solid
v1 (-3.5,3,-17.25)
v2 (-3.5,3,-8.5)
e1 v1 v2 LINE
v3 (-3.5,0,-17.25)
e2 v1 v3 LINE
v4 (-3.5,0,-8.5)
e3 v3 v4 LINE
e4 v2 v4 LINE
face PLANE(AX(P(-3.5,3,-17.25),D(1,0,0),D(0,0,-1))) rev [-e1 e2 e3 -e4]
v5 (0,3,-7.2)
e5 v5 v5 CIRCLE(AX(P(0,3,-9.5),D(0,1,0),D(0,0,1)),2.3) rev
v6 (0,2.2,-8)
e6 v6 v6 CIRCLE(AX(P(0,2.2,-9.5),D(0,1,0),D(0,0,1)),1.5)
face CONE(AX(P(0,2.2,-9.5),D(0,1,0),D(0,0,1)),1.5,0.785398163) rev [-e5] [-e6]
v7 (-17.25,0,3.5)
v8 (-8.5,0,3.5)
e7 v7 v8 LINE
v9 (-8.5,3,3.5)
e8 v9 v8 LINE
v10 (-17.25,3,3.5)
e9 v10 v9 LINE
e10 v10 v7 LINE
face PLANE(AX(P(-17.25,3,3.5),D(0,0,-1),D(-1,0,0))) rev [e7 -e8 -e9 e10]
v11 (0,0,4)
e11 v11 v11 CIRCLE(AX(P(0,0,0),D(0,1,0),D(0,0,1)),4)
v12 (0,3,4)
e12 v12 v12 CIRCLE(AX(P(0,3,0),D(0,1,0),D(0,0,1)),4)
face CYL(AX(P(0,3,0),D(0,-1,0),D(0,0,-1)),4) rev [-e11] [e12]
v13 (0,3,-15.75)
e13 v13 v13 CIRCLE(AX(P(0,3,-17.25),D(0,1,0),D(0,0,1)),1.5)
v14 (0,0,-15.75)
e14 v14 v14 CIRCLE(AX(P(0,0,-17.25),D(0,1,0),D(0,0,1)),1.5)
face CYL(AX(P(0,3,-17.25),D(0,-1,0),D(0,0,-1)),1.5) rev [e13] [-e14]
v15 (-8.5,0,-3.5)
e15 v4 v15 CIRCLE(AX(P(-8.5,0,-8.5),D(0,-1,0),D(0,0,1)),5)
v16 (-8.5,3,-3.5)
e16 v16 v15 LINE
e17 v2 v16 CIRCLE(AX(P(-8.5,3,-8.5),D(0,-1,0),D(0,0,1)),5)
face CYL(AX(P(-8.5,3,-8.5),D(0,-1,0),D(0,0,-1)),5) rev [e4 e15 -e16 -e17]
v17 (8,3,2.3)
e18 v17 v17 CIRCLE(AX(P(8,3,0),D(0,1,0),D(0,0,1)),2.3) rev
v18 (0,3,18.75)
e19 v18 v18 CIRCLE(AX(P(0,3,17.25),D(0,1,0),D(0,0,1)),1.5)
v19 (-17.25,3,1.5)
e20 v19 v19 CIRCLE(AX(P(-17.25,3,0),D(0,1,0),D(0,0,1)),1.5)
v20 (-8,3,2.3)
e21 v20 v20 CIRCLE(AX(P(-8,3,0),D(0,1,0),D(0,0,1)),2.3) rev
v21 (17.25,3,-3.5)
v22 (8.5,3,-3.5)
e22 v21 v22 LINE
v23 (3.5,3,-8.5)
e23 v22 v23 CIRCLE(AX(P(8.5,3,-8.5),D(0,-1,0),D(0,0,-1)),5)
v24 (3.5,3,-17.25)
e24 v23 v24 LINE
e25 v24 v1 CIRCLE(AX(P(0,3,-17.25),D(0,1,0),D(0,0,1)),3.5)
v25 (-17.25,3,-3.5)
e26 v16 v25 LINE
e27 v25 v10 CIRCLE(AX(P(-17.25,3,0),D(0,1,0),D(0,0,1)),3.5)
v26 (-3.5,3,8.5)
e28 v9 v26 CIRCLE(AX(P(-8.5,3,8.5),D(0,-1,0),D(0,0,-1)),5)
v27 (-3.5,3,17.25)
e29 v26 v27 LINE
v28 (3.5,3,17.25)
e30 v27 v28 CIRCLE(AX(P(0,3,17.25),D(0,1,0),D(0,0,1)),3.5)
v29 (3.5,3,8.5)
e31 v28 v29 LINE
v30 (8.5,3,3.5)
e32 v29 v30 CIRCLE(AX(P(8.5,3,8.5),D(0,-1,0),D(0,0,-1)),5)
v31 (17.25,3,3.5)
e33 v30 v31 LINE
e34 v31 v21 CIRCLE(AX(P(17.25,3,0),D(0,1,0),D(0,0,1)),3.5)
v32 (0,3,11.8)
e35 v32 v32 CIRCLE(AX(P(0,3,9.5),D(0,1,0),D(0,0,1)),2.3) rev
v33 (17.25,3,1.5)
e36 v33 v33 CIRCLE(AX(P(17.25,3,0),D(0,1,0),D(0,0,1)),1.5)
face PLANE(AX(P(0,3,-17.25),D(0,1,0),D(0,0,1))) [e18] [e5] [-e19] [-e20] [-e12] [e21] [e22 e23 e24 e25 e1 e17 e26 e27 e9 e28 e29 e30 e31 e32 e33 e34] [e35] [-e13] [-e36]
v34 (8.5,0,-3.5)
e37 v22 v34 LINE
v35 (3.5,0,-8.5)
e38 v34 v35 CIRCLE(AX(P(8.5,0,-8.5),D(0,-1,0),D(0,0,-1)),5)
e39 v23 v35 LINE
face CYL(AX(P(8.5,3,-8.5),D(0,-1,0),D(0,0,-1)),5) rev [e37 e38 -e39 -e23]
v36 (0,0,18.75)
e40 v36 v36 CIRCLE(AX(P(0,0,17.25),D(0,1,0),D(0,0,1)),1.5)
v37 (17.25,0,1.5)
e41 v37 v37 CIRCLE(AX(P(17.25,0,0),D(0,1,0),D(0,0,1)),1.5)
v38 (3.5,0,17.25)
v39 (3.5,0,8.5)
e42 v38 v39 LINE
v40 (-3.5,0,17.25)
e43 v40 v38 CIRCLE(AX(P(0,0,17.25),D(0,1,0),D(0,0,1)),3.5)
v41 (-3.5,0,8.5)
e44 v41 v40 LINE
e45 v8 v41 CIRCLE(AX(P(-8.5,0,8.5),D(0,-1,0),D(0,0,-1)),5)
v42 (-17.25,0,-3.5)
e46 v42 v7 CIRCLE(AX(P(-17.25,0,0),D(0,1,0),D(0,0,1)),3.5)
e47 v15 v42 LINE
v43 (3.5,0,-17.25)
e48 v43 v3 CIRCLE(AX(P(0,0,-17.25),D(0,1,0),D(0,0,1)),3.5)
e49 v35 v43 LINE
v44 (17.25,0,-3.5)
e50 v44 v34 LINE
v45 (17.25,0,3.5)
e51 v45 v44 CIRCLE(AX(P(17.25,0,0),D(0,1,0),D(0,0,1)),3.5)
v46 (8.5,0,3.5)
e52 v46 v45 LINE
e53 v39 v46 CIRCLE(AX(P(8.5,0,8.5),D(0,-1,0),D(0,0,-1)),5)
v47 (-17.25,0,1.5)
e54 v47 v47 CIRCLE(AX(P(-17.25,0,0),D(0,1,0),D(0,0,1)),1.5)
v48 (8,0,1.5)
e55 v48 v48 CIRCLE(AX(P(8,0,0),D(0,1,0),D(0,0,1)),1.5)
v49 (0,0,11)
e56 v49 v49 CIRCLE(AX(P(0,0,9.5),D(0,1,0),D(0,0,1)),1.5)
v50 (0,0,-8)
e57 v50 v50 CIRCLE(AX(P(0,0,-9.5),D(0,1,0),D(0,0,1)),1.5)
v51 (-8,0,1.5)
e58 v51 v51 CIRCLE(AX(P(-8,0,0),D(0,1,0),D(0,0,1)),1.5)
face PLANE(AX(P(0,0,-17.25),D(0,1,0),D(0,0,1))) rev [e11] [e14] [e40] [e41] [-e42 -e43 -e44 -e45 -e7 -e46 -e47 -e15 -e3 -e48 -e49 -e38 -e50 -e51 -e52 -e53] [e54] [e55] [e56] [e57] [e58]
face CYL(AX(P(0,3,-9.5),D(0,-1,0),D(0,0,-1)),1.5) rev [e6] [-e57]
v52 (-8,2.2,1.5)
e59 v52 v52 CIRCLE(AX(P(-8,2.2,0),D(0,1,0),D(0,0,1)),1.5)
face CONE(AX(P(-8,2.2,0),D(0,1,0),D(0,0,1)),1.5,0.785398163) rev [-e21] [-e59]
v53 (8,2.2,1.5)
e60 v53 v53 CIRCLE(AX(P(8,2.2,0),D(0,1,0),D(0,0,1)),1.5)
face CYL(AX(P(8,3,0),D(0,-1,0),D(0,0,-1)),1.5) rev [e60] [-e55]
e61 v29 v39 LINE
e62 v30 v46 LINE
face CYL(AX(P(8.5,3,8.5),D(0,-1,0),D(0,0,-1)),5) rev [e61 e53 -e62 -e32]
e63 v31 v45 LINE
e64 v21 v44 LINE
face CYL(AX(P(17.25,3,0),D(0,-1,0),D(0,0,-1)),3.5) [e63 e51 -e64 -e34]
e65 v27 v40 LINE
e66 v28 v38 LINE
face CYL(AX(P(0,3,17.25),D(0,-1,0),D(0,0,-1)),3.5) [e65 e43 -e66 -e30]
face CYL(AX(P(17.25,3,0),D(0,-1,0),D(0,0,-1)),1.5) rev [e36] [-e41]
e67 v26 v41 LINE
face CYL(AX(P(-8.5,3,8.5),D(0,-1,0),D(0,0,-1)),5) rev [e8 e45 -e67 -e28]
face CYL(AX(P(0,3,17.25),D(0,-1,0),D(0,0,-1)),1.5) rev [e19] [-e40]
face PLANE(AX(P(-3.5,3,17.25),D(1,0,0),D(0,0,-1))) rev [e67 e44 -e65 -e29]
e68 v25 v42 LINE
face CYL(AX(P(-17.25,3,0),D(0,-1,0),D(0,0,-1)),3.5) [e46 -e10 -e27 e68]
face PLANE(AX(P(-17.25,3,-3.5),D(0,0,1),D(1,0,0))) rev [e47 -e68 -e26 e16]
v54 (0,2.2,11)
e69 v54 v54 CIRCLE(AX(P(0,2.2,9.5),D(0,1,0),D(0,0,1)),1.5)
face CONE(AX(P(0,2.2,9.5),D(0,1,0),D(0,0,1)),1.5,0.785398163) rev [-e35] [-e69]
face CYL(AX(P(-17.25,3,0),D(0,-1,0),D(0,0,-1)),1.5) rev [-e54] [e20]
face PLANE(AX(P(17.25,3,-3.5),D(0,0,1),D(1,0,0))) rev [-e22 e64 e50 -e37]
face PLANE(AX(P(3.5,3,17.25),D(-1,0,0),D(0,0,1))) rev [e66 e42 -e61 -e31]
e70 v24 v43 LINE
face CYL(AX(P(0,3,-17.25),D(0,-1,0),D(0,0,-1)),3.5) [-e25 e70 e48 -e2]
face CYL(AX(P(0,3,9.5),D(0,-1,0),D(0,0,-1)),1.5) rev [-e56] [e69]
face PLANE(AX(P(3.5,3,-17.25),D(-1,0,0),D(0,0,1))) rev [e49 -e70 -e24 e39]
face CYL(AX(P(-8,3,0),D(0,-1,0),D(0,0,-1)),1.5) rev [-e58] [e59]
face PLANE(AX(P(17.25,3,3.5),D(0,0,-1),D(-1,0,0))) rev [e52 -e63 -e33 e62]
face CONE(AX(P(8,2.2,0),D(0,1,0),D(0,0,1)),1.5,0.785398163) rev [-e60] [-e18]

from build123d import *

# Parameters (mm, degrees)
SKETCH1_R           = 4
SKETCH1_R_2         = 1.5
BOSS_EXTRUDE1_DEPTH = 3
CHAMFER1_SIZE       = 0.8


with BuildPart() as part:
    # Sketch1 → Boss-Extrude1 (new body)
    with BuildSketch(Plane(origin=(0, 0, 0), x_dir=(1, 0, 0), z_dir=(0, 1, 0))):
        with BuildLine():
            Line((-3.5, 17.25), (-3.5, 8.5))
            ThreePointArc((-3.5, 8.5), (-4.964466094, 4.964466094), (-8.5, 3.5))
            Line((-8.5, 3.5), (-17.25, 3.5))
            ThreePointArc((-17.25, 3.5), (-20.75, 0), (-17.25, -3.5))
            Line((-17.25, -3.5), (-8.5, -3.5))
            ThreePointArc((-8.5, -3.5), (-4.964466094, -4.964466094), (-3.5, -8.5))
            Line((-3.5, -8.5), (-3.5, -17.25))
            ThreePointArc((-3.5, -17.25), (0, -20.75), (3.5, -17.25))
            Line((3.5, -17.25), (3.5, -8.5))
            ThreePointArc((3.5, -8.5), (4.964466094, -4.964466094), (8.5, -3.5))
            Line((8.5, -3.5), (17.25, -3.5))
            ThreePointArc((17.25, -3.5), (20.75, 0), (17.25, 3.5))
            Line((17.25, 3.5), (8.5, 3.5))
            ThreePointArc((8.5, 3.5), (4.964466094, 4.964466094), (3.5, 8.5))
            Line((3.5, 8.5), (3.5, 17.25))
            ThreePointArc((3.5, 17.25), (0, 20.75), (-3.5, 17.25))
        make_face()
        Circle(SKETCH1_R, mode=Mode.SUBTRACT)
        with Locations((0, 17.25)):
            Circle(SKETCH1_R_2, mode=Mode.SUBTRACT)
        with Locations((17.25, 0)):
            Circle(SKETCH1_R_2, mode=Mode.SUBTRACT)
        with Locations((0, -17.25)):
            Circle(SKETCH1_R_2, mode=Mode.SUBTRACT)
        with Locations((-17.25, 0)):
            Circle(SKETCH1_R_2, mode=Mode.SUBTRACT)
        with Locations((-8, 0)):
            Circle(SKETCH1_R_2, mode=Mode.SUBTRACT)
        with Locations((8, 0)):
            Circle(SKETCH1_R_2, mode=Mode.SUBTRACT)
        with Locations((0, 9.5)):
            Circle(SKETCH1_R_2, mode=Mode.SUBTRACT)
        with Locations((0, -9.5)):
            Circle(SKETCH1_R_2, mode=Mode.SUBTRACT)
    extrude(amount=BOSS_EXTRUDE1_DEPTH)

    # Chamfer1
    chamfer1_edges = [part.edges().sort_by_distance(p)[0] for p in [
        (-9.5, 3, 0),
        (6.5, 3, 0),
        (-1.5, 3, -9.5),
        (-1.5, 3, 9.5),
    ]]
    chamfer(chamfer1_edges, length=CHAMFER1_SIZE)


solid = part.part
